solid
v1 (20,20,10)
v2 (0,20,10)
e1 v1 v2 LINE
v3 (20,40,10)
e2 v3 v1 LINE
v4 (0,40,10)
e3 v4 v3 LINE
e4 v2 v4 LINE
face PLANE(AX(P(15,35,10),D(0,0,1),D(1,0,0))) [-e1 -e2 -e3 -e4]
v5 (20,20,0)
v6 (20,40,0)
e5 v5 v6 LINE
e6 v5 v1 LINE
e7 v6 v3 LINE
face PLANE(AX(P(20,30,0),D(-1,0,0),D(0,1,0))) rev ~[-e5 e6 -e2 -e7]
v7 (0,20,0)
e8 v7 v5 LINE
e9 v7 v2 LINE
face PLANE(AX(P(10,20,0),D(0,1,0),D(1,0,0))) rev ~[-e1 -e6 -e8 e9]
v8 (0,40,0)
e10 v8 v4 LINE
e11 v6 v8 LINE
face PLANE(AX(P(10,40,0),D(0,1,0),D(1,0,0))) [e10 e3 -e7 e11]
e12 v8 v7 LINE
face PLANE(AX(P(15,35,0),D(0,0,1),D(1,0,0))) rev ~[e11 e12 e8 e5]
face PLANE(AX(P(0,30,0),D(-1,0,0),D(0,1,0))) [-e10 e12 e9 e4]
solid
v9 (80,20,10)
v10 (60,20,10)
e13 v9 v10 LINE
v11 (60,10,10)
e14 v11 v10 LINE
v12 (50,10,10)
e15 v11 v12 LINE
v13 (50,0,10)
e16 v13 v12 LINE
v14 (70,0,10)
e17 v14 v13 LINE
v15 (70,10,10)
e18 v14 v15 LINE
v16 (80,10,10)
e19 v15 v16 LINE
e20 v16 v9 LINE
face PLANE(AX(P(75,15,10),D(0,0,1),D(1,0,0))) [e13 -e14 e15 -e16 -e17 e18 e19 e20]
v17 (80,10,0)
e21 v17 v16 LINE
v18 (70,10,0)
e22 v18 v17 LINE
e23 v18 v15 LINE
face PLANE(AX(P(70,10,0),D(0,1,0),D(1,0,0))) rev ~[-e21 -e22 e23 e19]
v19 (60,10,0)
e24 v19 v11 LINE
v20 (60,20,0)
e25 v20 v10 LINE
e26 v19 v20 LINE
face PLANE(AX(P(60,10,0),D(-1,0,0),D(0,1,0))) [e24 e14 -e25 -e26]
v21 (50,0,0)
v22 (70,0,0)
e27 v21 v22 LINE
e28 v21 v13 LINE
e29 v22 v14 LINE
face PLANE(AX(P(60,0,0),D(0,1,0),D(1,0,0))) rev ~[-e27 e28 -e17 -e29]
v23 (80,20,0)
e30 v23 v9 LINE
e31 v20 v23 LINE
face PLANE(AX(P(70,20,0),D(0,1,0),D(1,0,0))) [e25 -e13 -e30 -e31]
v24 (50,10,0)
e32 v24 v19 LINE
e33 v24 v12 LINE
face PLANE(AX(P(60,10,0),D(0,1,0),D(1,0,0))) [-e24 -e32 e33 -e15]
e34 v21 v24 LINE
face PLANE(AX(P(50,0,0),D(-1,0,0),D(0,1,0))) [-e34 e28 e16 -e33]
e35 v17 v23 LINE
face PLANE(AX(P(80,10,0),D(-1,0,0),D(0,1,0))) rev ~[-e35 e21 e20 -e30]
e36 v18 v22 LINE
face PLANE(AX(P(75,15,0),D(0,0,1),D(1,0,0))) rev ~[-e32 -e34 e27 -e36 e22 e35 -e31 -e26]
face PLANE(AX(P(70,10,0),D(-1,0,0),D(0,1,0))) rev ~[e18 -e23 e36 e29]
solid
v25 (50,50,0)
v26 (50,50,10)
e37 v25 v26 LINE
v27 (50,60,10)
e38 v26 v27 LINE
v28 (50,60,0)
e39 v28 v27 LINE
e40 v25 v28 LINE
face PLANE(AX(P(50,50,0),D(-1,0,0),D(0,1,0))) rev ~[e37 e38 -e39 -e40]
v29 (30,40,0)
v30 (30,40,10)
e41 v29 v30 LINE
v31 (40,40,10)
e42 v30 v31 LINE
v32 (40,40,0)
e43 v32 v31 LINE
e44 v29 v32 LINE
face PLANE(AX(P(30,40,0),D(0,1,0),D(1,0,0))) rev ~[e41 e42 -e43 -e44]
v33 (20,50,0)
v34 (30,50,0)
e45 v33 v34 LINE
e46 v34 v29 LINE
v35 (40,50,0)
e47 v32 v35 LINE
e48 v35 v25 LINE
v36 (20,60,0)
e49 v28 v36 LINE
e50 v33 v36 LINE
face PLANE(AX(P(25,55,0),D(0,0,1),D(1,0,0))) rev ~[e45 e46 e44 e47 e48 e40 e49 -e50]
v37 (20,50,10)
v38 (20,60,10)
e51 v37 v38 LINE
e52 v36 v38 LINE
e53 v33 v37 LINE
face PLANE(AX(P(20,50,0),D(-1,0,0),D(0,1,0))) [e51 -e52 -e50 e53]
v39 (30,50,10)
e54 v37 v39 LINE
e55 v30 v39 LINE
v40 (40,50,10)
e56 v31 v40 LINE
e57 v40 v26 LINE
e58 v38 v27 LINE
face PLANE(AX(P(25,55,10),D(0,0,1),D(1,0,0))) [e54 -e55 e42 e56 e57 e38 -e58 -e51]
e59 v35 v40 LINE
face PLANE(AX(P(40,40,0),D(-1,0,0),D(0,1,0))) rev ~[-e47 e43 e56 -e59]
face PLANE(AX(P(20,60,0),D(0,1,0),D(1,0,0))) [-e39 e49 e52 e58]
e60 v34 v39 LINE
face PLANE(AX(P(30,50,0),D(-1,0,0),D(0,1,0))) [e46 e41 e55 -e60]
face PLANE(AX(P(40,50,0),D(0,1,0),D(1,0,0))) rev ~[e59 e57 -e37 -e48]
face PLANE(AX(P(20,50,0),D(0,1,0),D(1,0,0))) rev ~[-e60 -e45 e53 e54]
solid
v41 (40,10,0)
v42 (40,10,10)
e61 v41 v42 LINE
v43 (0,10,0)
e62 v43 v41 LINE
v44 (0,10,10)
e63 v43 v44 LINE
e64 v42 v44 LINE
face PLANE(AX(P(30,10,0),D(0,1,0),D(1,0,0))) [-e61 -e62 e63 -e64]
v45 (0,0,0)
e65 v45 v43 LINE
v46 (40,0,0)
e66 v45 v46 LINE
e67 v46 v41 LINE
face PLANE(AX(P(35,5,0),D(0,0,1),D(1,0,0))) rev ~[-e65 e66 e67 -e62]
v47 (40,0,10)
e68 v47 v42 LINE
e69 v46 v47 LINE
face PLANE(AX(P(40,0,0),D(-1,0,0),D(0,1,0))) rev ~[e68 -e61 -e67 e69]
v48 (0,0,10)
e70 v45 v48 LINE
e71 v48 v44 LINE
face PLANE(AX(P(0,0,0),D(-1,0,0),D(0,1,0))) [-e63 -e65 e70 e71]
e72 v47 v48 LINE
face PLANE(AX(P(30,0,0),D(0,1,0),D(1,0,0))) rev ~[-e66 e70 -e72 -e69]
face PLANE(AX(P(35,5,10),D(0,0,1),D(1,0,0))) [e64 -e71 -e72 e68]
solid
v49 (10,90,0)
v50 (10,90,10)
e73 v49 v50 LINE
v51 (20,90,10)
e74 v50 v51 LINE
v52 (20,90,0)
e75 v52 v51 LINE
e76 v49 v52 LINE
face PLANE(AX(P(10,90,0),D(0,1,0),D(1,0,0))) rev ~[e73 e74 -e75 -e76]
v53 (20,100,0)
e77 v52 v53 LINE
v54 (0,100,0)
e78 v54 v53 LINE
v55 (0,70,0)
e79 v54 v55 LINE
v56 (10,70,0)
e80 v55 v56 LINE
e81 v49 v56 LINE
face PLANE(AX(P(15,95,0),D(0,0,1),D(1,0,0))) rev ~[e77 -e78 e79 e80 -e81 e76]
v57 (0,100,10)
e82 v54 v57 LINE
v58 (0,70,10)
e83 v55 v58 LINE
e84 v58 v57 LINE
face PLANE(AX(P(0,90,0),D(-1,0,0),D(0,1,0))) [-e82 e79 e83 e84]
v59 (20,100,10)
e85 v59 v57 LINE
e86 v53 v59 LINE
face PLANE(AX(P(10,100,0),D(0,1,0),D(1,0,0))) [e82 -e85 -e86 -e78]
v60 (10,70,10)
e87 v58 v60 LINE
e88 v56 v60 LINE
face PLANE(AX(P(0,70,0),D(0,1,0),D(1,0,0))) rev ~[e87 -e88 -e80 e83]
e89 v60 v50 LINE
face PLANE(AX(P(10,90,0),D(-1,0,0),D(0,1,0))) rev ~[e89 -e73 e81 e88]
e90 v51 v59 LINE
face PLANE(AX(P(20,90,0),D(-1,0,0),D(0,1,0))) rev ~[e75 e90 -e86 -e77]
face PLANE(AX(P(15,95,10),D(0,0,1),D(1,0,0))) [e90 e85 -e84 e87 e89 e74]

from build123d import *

# Parameters (mm, degrees)
BOX001_W     = 10
BOX001_H     = 10
BOX001_DEPTH = 10
BOX002_W     = 10
BOX002_H     = 10
BOX002_DEPTH = 10
BOX003_W     = 10
BOX003_H     = 10
BOX003_DEPTH = 10
BOX_W        = 10
BOX_H        = 10
BOX_DEPTH    = 10
BOX005_W     = 10
BOX005_H     = 10
BOX005_DEPTH = 10
BOX006_W     = 10
BOX006_H     = 10
BOX006_DEPTH = 10
BOX007_W     = 10
BOX007_H     = 10
BOX007_DEPTH = 10
BOX004_W     = 10
BOX004_H     = 10
BOX004_DEPTH = 10
BOX009_W     = 10
BOX009_H     = 10
BOX009_DEPTH = 10
BOX010_W     = 10
BOX010_H     = 10
BOX010_DEPTH = 10
BOX011_W     = 10
BOX011_H     = 10
BOX011_DEPTH = 10
BOX008_W     = 10
BOX008_H     = 10
BOX008_DEPTH = 10
BOX013_W     = 10
BOX013_H     = 10
BOX013_DEPTH = 10
BOX014_W     = 10
BOX014_H     = 10
BOX014_DEPTH = 10
BOX015_W     = 10
BOX015_H     = 10
BOX015_DEPTH = 10
BOX012_W     = 10
BOX012_H     = 10
BOX012_DEPTH = 10
BOX017_W     = 10
BOX017_H     = 10
BOX017_DEPTH = 10
BOX018_W     = 10
BOX018_H     = 10
BOX018_DEPTH = 10
BOX019_W     = 10
BOX019_H     = 10
BOX019_DEPTH = 10
BOX016_W     = 10
BOX016_H     = 10
BOX016_DEPTH = 10


with BuildPart() as cube001:
    # Box001 → Box001 (new body)
    with BuildSketch(Plane(origin=(10, 0, 0), x_dir=(1, 0, 0), z_dir=(0, 0, 1))):
        with Locations((5, 5)):
            Rectangle(BOX001_W, BOX001_H)
    extrude(amount=BOX001_DEPTH)


with BuildPart() as cube002:
    # Box002 → Box002 (new body)
    with BuildSketch(Plane(origin=(20, 0, 0), x_dir=(1, 0, 0), z_dir=(0, 0, 1))):
        with Locations((5, 5)):
            Rectangle(BOX002_W, BOX002_H)
    extrude(amount=BOX002_DEPTH)


with BuildPart() as cube003:
    # Box003 → Box003 (new body)
    with BuildSketch(Plane(origin=(30, 0, 0), x_dir=(1, 0, 0), z_dir=(0, 0, 1))):
        with Locations((5, 5)):
            Rectangle(BOX003_W, BOX003_H)
    extrude(amount=BOX003_DEPTH)


with BuildPart() as fusion:
    # Box → Box (new body)
    with BuildSketch(Plane.XY):
        with Locations((5, 5)):
            Rectangle(BOX_W, BOX_H)
    extrude(amount=BOX_DEPTH)

    # Fusion: union Cube001, Cube002, Cube003
    add(cube001.part)
    add(cube002.part)
    add(cube003.part)


with BuildPart() as cube005:
    # Box005 → Box005 (new body)
    with BuildSketch(Plane(origin=(10, 20, 0), x_dir=(1, 0, 0), z_dir=(0, 0, 1))):
        with Locations((5, 5)):
            Rectangle(BOX005_W, BOX005_H)
    extrude(amount=BOX005_DEPTH)


with BuildPart() as cube006:
    # Box006 → Box006 (new body)
    with BuildSketch(Plane(origin=(0, 30, 0), x_dir=(1, 0, 0), z_dir=(0, 0, 1))):
        with Locations((5, 5)):
            Rectangle(BOX006_W, BOX006_H)
    extrude(amount=BOX006_DEPTH)


with BuildPart() as cube007:
    # Box007 → Box007 (new body)
    with BuildSketch(Plane(origin=(10, 30, 0), x_dir=(1, 0, 0), z_dir=(0, 0, 1))):
        with Locations((5, 5)):
            Rectangle(BOX007_W, BOX007_H)
    extrude(amount=BOX007_DEPTH)


with BuildPart() as fusion001:
    # Box004 → Box004 (new body)
    with BuildSketch(Plane(origin=(0, 20, 0), x_dir=(1, 0, 0), z_dir=(0, 0, 1))):
        with Locations((5, 5)):
            Rectangle(BOX004_W, BOX004_H)
    extrude(amount=BOX004_DEPTH)

    # Fusion001: union Cube005, Cube006, Cube007
    add(cube005.part)
    add(cube006.part)
    add(cube007.part)


with BuildPart() as cube009:
    # Box009 → Box009 (new body)
    with BuildSketch(Plane(origin=(60, 0, 0), x_dir=(1, 0, 0), z_dir=(0, 0, 1))):
        with Locations((5, 5)):
            Rectangle(BOX009_W, BOX009_H)
    extrude(amount=BOX009_DEPTH)


with BuildPart() as cube010:
    # Box010 → Box010 (new body)
    with BuildSketch(Plane(origin=(60, 10, 0), x_dir=(1, 0, 0), z_dir=(0, 0, 1))):
        with Locations((5, 5)):
            Rectangle(BOX010_W, BOX010_H)
    extrude(amount=BOX010_DEPTH)


with BuildPart() as cube011:
    # Box011 → Box011 (new body)
    with BuildSketch(Plane(origin=(70, 10, 0), x_dir=(1, 0, 0), z_dir=(0, 0, 1))):
        with Locations((5, 5)):
            Rectangle(BOX011_W, BOX011_H)
    extrude(amount=BOX011_DEPTH)


with BuildPart() as fusion002:
    # Box008 → Box008 (new body)
    with BuildSketch(Plane(origin=(50, 0, 0), x_dir=(1, 0, 0), z_dir=(0, 0, 1))):
        with Locations((5, 5)):
            Rectangle(BOX008_W, BOX008_H)
    extrude(amount=BOX008_DEPTH)

    # Fusion002: union Cube009, Cube010, Cube011
    add(cube009.part)
    add(cube010.part)
    add(cube011.part)


with BuildPart() as cube013:
    # Box013 → Box013 (new body)
    with BuildSketch(Plane(origin=(40, 50, 0), x_dir=(1, 0, 0), z_dir=(0, 0, 1))):
        with Locations((5, 5)):
            Rectangle(BOX013_W, BOX013_H)
    extrude(amount=BOX013_DEPTH)


with BuildPart() as cube014:
    # Box014 → Box014 (new body)
    with BuildSketch(Plane(origin=(30, 50, 0), x_dir=(1, 0, 0), z_dir=(0, 0, 1))):
        with Locations((5, 5)):
            Rectangle(BOX014_W, BOX014_H)
    extrude(amount=BOX014_DEPTH)


with BuildPart() as cube015:
    # Box015 → Box015 (new body)
    with BuildSketch(Plane(origin=(20, 50, 0), x_dir=(1, 0, 0), z_dir=(0, 0, 1))):
        with Locations((5, 5)):
            Rectangle(BOX015_W, BOX015_H)
    extrude(amount=BOX015_DEPTH)


with BuildPart() as fusion003:
    # Box012 → Box012 (new body)
    with BuildSketch(Plane(origin=(30, 40, 0), x_dir=(1, 0, 0), z_dir=(0, 0, 1))):
        with Locations((5, 5)):
            Rectangle(BOX012_W, BOX012_H)
    extrude(amount=BOX012_DEPTH)

    # Fusion003: union Cube013, Cube014, Cube015
    add(cube013.part)
    add(cube014.part)
    add(cube015.part)


with BuildPart() as cube017:
    # Box017 → Box017 (new body)
    with BuildSketch(Plane(origin=(0, 80, 0), x_dir=(1, 0, 0), z_dir=(0, 0, 1))):
        with Locations((5, 5)):
            Rectangle(BOX017_W, BOX017_H)
    extrude(amount=BOX017_DEPTH)


with BuildPart() as cube018:
    # Box018 → Box018 (new body)
    with BuildSketch(Plane(origin=(0, 90, 0), x_dir=(1, 0, 0), z_dir=(0, 0, 1))):
        with Locations((5, 5)):
            Rectangle(BOX018_W, BOX018_H)
    extrude(amount=BOX018_DEPTH)


with BuildPart() as cube019:
    # Box019 → Box019 (new body)
    with BuildSketch(Plane(origin=(10, 90, 0), x_dir=(1, 0, 0), z_dir=(0, 0, 1))):
        with Locations((5, 5)):
            Rectangle(BOX019_W, BOX019_H)
    extrude(amount=BOX019_DEPTH)


with BuildPart() as fusion004:
    # Box016 → Box016 (new body)
    with BuildSketch(Plane(origin=(0, 70, 0), x_dir=(1, 0, 0), z_dir=(0, 0, 1))):
        with Locations((5, 5)):
            Rectangle(BOX016_W, BOX016_H)
    extrude(amount=BOX016_DEPTH)

    # Fusion004: union Cube017, Cube018, Cube019
    add(cube017.part)
    add(cube018.part)
    add(cube019.part)


solid = Compound([fusion.part, fusion001.part, fusion002.part, fusion003.part, fusion004.part])
